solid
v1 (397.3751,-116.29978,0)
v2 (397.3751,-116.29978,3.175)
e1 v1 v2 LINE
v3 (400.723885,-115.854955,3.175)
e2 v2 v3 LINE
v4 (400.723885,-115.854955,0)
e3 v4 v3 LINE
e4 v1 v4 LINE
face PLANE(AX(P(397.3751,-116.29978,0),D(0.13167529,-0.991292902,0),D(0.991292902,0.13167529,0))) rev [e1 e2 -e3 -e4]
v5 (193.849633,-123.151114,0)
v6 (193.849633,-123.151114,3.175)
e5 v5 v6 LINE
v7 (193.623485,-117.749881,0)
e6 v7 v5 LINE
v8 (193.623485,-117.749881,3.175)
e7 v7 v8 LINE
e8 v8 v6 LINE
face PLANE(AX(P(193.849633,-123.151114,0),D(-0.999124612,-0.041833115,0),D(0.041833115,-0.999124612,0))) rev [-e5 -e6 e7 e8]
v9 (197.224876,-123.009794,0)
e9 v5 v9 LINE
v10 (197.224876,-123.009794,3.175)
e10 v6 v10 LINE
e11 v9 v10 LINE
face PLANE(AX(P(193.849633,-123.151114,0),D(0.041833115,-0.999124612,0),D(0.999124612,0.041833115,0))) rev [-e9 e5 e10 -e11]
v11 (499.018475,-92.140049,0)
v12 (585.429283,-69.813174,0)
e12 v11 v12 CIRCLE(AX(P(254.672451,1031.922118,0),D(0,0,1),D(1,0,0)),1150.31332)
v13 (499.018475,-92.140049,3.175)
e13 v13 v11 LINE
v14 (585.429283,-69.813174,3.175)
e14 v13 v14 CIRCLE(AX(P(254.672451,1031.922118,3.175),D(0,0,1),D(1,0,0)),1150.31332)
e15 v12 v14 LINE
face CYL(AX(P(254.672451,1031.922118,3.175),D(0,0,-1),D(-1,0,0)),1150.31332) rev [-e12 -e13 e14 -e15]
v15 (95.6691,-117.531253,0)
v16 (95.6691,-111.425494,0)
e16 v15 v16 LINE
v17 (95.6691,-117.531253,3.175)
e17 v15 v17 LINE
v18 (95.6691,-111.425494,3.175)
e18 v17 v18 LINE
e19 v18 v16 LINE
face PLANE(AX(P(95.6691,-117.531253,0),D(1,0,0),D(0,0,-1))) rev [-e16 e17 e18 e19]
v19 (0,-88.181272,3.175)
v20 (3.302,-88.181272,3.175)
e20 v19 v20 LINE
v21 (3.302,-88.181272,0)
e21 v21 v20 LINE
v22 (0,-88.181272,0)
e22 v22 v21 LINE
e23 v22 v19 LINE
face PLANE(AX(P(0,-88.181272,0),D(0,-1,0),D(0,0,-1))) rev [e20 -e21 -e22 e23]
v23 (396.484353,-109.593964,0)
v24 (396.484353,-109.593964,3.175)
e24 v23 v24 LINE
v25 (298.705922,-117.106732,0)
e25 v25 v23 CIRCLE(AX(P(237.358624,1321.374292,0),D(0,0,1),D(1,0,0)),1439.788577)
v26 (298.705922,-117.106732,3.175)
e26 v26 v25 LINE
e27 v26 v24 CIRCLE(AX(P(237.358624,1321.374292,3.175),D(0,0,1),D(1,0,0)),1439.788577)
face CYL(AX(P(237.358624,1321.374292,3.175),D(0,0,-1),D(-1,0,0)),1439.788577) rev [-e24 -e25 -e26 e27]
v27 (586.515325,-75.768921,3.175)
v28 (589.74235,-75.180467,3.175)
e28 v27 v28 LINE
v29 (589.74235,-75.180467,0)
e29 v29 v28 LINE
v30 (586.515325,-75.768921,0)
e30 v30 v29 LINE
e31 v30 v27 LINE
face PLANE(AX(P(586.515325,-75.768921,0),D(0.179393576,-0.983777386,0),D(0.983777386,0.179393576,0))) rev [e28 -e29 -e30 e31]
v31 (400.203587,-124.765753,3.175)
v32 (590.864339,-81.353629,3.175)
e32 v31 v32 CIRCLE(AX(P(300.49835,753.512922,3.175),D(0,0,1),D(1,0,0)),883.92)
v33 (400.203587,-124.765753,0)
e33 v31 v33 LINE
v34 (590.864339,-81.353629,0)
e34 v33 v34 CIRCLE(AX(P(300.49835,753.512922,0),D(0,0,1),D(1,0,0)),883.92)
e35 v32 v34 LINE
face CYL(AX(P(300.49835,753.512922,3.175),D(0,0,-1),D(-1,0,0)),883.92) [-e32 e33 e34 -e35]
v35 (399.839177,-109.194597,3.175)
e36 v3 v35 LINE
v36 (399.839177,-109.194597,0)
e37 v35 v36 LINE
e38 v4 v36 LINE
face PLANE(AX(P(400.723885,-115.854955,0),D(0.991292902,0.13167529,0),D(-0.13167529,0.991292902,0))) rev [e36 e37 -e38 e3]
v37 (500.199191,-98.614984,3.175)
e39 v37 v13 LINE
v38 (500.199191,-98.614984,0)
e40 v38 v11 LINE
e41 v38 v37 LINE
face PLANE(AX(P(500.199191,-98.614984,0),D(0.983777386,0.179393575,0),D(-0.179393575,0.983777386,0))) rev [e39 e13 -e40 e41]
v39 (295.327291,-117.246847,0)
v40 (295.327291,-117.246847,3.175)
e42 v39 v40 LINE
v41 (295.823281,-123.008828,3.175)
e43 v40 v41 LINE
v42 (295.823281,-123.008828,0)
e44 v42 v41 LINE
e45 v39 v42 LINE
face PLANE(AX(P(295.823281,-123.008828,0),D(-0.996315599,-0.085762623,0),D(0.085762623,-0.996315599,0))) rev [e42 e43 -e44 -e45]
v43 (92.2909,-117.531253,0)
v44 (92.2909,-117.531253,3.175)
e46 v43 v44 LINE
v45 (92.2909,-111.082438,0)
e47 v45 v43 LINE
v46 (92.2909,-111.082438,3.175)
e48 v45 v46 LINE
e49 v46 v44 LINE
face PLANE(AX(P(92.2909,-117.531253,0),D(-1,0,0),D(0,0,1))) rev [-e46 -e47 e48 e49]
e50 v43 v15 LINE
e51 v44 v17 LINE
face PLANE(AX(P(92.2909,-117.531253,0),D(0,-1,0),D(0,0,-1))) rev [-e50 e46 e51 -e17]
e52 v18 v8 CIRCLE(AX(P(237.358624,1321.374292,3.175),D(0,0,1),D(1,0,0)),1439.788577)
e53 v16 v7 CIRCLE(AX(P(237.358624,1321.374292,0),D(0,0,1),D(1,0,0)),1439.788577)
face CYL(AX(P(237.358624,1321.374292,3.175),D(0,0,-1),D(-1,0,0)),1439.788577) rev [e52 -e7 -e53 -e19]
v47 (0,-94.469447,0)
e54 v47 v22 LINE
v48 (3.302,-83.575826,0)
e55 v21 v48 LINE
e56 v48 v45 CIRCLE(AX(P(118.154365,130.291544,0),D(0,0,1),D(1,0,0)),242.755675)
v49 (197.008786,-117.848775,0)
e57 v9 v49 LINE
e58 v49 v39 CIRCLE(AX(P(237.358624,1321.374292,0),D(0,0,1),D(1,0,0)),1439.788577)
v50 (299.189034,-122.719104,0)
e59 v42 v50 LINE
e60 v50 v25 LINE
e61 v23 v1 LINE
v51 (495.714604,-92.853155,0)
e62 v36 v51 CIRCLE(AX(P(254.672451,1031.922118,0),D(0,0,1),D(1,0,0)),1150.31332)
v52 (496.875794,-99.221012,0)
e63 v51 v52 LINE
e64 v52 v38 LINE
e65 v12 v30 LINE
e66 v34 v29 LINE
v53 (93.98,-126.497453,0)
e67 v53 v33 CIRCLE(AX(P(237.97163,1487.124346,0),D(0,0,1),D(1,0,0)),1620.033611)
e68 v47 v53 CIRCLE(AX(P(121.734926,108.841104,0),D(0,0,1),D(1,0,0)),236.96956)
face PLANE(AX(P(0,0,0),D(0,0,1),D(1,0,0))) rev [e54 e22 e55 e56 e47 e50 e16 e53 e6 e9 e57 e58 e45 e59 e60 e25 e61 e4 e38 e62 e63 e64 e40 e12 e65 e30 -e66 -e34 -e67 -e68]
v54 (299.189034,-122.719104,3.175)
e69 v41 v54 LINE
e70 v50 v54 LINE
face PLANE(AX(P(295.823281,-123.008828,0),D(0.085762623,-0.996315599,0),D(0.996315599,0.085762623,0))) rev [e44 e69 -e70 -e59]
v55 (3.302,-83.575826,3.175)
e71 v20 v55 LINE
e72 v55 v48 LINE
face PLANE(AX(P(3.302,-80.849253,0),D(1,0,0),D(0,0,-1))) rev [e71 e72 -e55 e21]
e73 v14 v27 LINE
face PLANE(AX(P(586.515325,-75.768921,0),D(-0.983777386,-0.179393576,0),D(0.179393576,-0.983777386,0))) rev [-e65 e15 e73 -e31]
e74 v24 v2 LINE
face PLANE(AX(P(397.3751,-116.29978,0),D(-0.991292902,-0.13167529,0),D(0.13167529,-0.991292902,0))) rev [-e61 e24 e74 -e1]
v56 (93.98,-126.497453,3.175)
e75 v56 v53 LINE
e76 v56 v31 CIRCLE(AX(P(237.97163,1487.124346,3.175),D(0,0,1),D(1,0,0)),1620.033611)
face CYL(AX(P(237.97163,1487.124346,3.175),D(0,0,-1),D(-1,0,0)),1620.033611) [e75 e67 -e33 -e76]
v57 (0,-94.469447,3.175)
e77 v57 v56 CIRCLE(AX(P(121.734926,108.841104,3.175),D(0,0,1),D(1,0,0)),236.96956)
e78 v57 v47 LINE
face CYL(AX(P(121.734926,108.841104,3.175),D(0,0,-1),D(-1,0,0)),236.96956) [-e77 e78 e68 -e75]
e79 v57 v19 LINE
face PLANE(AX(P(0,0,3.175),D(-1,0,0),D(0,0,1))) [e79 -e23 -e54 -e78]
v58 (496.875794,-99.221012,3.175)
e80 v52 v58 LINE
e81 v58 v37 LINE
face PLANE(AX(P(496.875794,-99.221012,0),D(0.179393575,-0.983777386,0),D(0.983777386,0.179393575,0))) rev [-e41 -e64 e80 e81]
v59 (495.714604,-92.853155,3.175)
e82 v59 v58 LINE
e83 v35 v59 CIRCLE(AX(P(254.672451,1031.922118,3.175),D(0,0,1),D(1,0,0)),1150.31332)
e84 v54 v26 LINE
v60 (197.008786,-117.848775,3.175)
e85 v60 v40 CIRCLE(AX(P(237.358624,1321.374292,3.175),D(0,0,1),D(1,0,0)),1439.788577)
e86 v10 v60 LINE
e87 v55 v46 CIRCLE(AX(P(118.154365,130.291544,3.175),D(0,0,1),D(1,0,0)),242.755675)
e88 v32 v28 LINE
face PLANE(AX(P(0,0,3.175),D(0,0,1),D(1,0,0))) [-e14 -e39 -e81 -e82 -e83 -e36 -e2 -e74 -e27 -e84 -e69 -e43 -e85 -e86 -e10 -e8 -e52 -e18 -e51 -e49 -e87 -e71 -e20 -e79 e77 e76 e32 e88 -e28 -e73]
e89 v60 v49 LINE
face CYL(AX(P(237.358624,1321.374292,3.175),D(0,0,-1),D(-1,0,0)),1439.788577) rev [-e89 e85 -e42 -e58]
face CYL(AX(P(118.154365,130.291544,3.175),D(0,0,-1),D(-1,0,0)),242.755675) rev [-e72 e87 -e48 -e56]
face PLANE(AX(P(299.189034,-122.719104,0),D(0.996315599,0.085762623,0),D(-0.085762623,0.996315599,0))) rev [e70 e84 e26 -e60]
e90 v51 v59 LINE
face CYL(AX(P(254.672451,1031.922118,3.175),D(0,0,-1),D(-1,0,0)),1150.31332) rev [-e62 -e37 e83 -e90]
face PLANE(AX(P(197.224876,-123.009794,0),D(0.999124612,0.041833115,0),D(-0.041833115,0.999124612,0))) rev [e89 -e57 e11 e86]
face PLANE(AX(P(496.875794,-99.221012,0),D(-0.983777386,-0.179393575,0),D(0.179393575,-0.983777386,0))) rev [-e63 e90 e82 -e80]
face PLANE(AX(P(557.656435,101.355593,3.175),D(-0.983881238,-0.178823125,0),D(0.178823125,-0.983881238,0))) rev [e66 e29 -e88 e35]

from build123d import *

# Parameters (mm, degrees)
BOSS_EXTRUDE1_DEPTH = 3.175
SKETCH3_W           = 3.3782
SKETCH3_H           = 9.116578424
CUT_EXTRUDE2_DEPTH  = 4.175


with BuildPart() as part:
    # Sketch2 → Boss-Extrude1 (new body)
    with BuildSketch(Plane.XY):
        with BuildLine():
            Line((0, -94.469447024), (0, -81.769447024))
            ThreePointArc((0, -81.769447024), (45.478698707, -101.330055673), (93.98, -111.257453101))
            ThreePointArc((93.98, -111.257453101), (246.131127604, -118.387559898), (398.184073829, -109.403930433))
            ThreePointArc((398.184073829, -109.403930433), (494.24795915, -93.166461028), (588.593285498, -68.858337449))
            Line((588.593285498, -68.858337449), (590.864339182, -81.353629169))
            ThreePointArc((590.864339182, -81.353629169), (496.73811025, -108.348158667), (400.203586987, -124.765753327))
            ThreePointArc((400.203586987, -124.765753327), (247.132802315, -132.883361709), (93.98, -126.497453101))
            ThreePointArc((93.98, -126.497453101), (45.293757409, -115.460746442), (0, -94.469447024))
        make_face()
    extrude(amount=BOSS_EXTRUDE1_DEPTH)

    # Sketch3 → Cut-Extrude2 (cut, through all)
    with BuildSketch(Plane.XY.offset(3.175)):
        Polygon((0, -81.823651503), (0, -88.181271503), (3.302, -88.181271503), (3.302, -81.823651503), (3.302, -80.849253243), (0, -80.849253243), align=None)
        with Locations((93.98, -112.972963904)):
            Rectangle(SKETCH3_W, SKETCH3_H)
        Polygon((183.426070396, 128.229599916), (183.158711139, 134.615096468), (186.330931782, 134.747916609), (186.598291039, 128.362420058), align=None)
        Polygon((193.849633474, -123.151114373), (197.224876239, -123.009793743), (196.926348208, -115.879875231), (193.551105443, -116.021195861), align=None)
        Polygon((397.375099539, -116.299780406), (400.723885221, -115.854954941), (399.211318768, -104.467880056), (395.862533086, -104.912705522), align=None)
        Polygon((295.823280702, -123.008827736), (299.189034058, -122.719104443), (298.52739573, -115.032765525), (295.161642374, -115.322488818), align=None)
        Polygon((586.515324681, -75.768921214), (589.838721446, -75.162893837), (588.533193274, -68.003500927), (585.209796509, -68.609528304), align=None)
        Polygon((496.875793957, -99.221011682), (500.199190722, -98.614984306), (498.73195058, -90.568778264), (495.408553815, -91.174805641), align=None)
    extrude(amount=-CUT_EXTRUDE2_DEPTH, mode=Mode.SUBTRACT)


solid = part.part
